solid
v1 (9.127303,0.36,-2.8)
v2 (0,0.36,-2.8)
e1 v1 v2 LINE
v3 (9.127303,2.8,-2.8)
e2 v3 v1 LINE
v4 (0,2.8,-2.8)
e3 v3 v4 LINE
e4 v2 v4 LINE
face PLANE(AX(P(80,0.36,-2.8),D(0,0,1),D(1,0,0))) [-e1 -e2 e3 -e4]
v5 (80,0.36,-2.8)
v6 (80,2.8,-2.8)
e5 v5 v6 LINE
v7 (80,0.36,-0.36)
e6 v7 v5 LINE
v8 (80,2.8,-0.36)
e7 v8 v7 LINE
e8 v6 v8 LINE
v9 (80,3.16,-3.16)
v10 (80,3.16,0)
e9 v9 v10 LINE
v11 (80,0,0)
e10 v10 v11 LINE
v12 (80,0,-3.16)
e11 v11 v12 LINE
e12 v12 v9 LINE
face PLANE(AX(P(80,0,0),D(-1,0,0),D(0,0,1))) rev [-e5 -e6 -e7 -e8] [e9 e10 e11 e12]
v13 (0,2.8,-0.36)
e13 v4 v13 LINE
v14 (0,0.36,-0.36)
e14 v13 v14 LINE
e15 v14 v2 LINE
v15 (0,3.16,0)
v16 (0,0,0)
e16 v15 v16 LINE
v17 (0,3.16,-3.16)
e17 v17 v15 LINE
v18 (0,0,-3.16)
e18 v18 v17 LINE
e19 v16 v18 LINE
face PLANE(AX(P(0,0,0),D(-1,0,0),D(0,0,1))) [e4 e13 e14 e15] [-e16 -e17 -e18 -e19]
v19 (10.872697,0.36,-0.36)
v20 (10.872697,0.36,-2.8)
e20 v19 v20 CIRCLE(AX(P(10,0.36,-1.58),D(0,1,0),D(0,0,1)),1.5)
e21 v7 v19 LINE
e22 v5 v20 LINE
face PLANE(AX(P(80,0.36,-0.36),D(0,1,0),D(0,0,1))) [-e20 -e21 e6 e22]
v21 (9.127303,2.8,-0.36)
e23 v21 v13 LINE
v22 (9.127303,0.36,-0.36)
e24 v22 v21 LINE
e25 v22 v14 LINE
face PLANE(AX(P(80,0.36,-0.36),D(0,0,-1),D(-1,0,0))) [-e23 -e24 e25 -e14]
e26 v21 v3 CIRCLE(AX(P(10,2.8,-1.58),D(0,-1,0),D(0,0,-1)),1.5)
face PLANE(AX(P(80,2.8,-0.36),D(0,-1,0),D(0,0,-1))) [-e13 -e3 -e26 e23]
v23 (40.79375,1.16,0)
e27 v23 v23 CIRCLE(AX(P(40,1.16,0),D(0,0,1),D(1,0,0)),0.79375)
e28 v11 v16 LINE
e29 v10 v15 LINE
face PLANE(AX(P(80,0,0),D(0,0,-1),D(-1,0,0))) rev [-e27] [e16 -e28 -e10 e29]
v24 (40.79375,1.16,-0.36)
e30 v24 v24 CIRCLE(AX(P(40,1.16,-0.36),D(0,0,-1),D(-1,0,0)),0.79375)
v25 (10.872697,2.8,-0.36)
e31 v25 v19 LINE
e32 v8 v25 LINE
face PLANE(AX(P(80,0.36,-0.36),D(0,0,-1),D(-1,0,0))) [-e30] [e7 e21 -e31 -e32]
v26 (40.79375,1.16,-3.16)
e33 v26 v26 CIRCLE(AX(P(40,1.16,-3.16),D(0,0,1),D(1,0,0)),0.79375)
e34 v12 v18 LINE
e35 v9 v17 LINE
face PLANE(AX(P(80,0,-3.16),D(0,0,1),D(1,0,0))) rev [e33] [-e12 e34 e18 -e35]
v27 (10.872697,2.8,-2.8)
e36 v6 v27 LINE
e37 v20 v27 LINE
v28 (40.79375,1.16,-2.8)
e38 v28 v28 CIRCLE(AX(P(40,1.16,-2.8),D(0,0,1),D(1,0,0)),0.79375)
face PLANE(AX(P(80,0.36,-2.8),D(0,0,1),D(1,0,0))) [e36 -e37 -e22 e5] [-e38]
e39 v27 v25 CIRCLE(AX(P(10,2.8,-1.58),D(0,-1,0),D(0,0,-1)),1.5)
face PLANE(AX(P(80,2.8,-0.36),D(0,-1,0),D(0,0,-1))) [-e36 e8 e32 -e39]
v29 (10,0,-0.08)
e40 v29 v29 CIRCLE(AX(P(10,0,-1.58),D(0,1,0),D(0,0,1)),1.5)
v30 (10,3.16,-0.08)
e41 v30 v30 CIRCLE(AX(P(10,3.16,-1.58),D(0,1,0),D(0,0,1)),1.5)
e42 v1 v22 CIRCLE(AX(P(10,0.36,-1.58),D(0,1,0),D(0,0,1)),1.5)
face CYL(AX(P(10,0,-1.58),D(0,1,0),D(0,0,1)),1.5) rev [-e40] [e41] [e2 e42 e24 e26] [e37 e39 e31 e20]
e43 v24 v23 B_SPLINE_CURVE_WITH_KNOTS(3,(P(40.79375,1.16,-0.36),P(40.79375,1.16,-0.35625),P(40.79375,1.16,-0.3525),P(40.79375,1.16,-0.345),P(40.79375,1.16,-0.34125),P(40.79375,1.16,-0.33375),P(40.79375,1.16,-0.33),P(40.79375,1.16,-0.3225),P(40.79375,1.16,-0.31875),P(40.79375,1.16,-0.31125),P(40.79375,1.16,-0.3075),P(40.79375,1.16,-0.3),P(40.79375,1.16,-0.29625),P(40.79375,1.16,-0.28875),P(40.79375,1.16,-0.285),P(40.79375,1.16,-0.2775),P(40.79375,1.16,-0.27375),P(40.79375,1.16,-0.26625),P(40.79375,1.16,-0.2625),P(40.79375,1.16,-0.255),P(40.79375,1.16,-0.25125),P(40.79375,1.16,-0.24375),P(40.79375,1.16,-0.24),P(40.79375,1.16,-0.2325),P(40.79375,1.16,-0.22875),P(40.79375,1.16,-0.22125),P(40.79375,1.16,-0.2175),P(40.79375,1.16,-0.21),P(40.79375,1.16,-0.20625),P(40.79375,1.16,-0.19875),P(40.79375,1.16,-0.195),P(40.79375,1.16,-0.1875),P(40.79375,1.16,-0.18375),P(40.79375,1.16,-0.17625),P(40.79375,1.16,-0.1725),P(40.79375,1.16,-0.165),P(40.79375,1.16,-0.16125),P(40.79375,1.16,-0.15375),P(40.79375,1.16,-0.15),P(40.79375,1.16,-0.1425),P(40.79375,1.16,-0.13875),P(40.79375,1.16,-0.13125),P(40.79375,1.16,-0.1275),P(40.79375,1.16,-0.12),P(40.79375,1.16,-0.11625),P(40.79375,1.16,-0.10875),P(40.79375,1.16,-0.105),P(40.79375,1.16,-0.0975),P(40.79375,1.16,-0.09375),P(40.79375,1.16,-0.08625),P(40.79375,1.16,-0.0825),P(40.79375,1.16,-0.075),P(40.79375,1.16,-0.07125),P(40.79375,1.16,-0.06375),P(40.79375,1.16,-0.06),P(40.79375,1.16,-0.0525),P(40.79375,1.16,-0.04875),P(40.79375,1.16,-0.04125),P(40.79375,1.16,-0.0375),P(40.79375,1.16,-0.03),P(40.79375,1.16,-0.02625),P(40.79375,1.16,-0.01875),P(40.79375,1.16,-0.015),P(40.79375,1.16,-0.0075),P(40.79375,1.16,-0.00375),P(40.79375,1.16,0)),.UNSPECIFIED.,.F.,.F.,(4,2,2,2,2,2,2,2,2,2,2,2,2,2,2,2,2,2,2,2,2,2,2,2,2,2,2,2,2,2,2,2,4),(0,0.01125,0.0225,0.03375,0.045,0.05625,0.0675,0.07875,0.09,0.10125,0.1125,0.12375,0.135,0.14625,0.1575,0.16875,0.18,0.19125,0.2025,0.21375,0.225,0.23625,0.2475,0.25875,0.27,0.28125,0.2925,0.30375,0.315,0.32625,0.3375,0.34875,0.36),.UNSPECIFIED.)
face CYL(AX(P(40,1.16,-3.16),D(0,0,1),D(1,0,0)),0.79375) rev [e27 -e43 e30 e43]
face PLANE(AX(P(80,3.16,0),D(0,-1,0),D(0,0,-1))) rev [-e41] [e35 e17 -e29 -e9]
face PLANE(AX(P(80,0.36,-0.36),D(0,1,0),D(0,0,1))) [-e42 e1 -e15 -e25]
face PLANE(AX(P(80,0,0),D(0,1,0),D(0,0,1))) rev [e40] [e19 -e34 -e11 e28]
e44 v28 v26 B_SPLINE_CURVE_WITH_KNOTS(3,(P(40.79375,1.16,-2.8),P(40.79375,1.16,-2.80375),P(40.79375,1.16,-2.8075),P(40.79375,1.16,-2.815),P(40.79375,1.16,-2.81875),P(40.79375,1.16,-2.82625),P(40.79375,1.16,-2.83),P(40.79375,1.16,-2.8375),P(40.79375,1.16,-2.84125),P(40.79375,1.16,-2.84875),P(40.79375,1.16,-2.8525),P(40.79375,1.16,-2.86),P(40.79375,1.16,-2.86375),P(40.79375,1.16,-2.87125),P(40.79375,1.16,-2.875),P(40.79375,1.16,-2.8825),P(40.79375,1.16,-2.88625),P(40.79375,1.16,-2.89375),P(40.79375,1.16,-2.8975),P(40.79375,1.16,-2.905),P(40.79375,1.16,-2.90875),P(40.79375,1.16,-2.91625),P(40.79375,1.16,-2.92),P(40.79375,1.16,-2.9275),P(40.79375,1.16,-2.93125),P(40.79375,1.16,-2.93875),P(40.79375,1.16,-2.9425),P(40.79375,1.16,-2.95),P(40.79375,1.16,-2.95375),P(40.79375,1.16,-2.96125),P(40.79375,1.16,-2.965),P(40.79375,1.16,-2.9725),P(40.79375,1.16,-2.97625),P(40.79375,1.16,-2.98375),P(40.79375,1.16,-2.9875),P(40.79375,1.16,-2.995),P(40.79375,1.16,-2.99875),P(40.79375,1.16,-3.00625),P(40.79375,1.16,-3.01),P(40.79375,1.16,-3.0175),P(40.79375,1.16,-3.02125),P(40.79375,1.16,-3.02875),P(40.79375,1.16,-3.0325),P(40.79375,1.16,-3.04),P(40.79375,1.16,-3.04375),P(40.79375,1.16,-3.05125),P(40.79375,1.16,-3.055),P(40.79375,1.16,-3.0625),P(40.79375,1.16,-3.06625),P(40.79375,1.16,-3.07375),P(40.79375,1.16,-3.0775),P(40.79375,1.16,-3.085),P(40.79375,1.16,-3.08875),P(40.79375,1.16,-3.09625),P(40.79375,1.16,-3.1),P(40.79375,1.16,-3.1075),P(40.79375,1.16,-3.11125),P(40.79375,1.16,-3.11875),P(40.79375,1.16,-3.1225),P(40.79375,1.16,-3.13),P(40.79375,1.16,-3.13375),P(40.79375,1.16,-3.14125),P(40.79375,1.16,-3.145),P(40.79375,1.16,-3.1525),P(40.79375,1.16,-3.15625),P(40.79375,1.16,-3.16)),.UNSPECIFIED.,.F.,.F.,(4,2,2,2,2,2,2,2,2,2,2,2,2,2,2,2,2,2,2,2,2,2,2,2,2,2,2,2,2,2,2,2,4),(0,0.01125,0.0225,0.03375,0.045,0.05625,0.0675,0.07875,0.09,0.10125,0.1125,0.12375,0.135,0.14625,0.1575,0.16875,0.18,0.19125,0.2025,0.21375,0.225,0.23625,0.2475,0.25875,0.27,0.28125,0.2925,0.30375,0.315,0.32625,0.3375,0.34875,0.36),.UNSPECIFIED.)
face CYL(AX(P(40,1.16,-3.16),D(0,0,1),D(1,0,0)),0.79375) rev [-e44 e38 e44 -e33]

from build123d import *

# Parameters (mm, degrees)
SKETCH1_W           = 3.16
SKETCH1_H           = 3.16
SKETCH1_W_2         = 2.44
SKETCH1_H_2         = 2.44
BOSS_EXTRUDE1_DEPTH = 80
SKETCH2_R           = 0.79375
CUT_EXTRUDE1_DEPTH  = 81.124722776
SKETCH3_R           = 1.5
CUT_EXTRUDE2_DEPTH  = 81.124722776


with BuildPart() as part:
    # Sketch1 → Boss-Extrude1 (new body)
    with BuildSketch(Plane(origin=(0, 0, 0), x_dir=(0, 0, -1), z_dir=(1, 0, 0))):
        with Locations((1.58, 1.58)):
            Rectangle(SKETCH1_W, SKETCH1_H)
        with Locations((1.58, 1.58)):
            Rectangle(SKETCH1_W_2, SKETCH1_H_2, mode=Mode.SUBTRACT)
    extrude(amount=BOSS_EXTRUDE1_DEPTH)

    # Sketch2 → Cut-Extrude1 (cut, through all)
    with BuildSketch(Plane.XY):
        with Locations((40, 1.16)):
            Circle(SKETCH2_R)
    extrude(amount=-CUT_EXTRUDE1_DEPTH, mode=Mode.SUBTRACT)

    # Sketch3 → Cut-Extrude2 (cut, through all)
    with BuildSketch(Plane(origin=(0, 3.16, 0), x_dir=(1, 0, 0), z_dir=(0, 1, 0))):
        with Locations(Location((10, 1.58, 0), (0, 0, 270))):
            Circle(SKETCH3_R)
    extrude(amount=-CUT_EXTRUDE2_DEPTH, mode=Mode.SUBTRACT)


solid = part.part
